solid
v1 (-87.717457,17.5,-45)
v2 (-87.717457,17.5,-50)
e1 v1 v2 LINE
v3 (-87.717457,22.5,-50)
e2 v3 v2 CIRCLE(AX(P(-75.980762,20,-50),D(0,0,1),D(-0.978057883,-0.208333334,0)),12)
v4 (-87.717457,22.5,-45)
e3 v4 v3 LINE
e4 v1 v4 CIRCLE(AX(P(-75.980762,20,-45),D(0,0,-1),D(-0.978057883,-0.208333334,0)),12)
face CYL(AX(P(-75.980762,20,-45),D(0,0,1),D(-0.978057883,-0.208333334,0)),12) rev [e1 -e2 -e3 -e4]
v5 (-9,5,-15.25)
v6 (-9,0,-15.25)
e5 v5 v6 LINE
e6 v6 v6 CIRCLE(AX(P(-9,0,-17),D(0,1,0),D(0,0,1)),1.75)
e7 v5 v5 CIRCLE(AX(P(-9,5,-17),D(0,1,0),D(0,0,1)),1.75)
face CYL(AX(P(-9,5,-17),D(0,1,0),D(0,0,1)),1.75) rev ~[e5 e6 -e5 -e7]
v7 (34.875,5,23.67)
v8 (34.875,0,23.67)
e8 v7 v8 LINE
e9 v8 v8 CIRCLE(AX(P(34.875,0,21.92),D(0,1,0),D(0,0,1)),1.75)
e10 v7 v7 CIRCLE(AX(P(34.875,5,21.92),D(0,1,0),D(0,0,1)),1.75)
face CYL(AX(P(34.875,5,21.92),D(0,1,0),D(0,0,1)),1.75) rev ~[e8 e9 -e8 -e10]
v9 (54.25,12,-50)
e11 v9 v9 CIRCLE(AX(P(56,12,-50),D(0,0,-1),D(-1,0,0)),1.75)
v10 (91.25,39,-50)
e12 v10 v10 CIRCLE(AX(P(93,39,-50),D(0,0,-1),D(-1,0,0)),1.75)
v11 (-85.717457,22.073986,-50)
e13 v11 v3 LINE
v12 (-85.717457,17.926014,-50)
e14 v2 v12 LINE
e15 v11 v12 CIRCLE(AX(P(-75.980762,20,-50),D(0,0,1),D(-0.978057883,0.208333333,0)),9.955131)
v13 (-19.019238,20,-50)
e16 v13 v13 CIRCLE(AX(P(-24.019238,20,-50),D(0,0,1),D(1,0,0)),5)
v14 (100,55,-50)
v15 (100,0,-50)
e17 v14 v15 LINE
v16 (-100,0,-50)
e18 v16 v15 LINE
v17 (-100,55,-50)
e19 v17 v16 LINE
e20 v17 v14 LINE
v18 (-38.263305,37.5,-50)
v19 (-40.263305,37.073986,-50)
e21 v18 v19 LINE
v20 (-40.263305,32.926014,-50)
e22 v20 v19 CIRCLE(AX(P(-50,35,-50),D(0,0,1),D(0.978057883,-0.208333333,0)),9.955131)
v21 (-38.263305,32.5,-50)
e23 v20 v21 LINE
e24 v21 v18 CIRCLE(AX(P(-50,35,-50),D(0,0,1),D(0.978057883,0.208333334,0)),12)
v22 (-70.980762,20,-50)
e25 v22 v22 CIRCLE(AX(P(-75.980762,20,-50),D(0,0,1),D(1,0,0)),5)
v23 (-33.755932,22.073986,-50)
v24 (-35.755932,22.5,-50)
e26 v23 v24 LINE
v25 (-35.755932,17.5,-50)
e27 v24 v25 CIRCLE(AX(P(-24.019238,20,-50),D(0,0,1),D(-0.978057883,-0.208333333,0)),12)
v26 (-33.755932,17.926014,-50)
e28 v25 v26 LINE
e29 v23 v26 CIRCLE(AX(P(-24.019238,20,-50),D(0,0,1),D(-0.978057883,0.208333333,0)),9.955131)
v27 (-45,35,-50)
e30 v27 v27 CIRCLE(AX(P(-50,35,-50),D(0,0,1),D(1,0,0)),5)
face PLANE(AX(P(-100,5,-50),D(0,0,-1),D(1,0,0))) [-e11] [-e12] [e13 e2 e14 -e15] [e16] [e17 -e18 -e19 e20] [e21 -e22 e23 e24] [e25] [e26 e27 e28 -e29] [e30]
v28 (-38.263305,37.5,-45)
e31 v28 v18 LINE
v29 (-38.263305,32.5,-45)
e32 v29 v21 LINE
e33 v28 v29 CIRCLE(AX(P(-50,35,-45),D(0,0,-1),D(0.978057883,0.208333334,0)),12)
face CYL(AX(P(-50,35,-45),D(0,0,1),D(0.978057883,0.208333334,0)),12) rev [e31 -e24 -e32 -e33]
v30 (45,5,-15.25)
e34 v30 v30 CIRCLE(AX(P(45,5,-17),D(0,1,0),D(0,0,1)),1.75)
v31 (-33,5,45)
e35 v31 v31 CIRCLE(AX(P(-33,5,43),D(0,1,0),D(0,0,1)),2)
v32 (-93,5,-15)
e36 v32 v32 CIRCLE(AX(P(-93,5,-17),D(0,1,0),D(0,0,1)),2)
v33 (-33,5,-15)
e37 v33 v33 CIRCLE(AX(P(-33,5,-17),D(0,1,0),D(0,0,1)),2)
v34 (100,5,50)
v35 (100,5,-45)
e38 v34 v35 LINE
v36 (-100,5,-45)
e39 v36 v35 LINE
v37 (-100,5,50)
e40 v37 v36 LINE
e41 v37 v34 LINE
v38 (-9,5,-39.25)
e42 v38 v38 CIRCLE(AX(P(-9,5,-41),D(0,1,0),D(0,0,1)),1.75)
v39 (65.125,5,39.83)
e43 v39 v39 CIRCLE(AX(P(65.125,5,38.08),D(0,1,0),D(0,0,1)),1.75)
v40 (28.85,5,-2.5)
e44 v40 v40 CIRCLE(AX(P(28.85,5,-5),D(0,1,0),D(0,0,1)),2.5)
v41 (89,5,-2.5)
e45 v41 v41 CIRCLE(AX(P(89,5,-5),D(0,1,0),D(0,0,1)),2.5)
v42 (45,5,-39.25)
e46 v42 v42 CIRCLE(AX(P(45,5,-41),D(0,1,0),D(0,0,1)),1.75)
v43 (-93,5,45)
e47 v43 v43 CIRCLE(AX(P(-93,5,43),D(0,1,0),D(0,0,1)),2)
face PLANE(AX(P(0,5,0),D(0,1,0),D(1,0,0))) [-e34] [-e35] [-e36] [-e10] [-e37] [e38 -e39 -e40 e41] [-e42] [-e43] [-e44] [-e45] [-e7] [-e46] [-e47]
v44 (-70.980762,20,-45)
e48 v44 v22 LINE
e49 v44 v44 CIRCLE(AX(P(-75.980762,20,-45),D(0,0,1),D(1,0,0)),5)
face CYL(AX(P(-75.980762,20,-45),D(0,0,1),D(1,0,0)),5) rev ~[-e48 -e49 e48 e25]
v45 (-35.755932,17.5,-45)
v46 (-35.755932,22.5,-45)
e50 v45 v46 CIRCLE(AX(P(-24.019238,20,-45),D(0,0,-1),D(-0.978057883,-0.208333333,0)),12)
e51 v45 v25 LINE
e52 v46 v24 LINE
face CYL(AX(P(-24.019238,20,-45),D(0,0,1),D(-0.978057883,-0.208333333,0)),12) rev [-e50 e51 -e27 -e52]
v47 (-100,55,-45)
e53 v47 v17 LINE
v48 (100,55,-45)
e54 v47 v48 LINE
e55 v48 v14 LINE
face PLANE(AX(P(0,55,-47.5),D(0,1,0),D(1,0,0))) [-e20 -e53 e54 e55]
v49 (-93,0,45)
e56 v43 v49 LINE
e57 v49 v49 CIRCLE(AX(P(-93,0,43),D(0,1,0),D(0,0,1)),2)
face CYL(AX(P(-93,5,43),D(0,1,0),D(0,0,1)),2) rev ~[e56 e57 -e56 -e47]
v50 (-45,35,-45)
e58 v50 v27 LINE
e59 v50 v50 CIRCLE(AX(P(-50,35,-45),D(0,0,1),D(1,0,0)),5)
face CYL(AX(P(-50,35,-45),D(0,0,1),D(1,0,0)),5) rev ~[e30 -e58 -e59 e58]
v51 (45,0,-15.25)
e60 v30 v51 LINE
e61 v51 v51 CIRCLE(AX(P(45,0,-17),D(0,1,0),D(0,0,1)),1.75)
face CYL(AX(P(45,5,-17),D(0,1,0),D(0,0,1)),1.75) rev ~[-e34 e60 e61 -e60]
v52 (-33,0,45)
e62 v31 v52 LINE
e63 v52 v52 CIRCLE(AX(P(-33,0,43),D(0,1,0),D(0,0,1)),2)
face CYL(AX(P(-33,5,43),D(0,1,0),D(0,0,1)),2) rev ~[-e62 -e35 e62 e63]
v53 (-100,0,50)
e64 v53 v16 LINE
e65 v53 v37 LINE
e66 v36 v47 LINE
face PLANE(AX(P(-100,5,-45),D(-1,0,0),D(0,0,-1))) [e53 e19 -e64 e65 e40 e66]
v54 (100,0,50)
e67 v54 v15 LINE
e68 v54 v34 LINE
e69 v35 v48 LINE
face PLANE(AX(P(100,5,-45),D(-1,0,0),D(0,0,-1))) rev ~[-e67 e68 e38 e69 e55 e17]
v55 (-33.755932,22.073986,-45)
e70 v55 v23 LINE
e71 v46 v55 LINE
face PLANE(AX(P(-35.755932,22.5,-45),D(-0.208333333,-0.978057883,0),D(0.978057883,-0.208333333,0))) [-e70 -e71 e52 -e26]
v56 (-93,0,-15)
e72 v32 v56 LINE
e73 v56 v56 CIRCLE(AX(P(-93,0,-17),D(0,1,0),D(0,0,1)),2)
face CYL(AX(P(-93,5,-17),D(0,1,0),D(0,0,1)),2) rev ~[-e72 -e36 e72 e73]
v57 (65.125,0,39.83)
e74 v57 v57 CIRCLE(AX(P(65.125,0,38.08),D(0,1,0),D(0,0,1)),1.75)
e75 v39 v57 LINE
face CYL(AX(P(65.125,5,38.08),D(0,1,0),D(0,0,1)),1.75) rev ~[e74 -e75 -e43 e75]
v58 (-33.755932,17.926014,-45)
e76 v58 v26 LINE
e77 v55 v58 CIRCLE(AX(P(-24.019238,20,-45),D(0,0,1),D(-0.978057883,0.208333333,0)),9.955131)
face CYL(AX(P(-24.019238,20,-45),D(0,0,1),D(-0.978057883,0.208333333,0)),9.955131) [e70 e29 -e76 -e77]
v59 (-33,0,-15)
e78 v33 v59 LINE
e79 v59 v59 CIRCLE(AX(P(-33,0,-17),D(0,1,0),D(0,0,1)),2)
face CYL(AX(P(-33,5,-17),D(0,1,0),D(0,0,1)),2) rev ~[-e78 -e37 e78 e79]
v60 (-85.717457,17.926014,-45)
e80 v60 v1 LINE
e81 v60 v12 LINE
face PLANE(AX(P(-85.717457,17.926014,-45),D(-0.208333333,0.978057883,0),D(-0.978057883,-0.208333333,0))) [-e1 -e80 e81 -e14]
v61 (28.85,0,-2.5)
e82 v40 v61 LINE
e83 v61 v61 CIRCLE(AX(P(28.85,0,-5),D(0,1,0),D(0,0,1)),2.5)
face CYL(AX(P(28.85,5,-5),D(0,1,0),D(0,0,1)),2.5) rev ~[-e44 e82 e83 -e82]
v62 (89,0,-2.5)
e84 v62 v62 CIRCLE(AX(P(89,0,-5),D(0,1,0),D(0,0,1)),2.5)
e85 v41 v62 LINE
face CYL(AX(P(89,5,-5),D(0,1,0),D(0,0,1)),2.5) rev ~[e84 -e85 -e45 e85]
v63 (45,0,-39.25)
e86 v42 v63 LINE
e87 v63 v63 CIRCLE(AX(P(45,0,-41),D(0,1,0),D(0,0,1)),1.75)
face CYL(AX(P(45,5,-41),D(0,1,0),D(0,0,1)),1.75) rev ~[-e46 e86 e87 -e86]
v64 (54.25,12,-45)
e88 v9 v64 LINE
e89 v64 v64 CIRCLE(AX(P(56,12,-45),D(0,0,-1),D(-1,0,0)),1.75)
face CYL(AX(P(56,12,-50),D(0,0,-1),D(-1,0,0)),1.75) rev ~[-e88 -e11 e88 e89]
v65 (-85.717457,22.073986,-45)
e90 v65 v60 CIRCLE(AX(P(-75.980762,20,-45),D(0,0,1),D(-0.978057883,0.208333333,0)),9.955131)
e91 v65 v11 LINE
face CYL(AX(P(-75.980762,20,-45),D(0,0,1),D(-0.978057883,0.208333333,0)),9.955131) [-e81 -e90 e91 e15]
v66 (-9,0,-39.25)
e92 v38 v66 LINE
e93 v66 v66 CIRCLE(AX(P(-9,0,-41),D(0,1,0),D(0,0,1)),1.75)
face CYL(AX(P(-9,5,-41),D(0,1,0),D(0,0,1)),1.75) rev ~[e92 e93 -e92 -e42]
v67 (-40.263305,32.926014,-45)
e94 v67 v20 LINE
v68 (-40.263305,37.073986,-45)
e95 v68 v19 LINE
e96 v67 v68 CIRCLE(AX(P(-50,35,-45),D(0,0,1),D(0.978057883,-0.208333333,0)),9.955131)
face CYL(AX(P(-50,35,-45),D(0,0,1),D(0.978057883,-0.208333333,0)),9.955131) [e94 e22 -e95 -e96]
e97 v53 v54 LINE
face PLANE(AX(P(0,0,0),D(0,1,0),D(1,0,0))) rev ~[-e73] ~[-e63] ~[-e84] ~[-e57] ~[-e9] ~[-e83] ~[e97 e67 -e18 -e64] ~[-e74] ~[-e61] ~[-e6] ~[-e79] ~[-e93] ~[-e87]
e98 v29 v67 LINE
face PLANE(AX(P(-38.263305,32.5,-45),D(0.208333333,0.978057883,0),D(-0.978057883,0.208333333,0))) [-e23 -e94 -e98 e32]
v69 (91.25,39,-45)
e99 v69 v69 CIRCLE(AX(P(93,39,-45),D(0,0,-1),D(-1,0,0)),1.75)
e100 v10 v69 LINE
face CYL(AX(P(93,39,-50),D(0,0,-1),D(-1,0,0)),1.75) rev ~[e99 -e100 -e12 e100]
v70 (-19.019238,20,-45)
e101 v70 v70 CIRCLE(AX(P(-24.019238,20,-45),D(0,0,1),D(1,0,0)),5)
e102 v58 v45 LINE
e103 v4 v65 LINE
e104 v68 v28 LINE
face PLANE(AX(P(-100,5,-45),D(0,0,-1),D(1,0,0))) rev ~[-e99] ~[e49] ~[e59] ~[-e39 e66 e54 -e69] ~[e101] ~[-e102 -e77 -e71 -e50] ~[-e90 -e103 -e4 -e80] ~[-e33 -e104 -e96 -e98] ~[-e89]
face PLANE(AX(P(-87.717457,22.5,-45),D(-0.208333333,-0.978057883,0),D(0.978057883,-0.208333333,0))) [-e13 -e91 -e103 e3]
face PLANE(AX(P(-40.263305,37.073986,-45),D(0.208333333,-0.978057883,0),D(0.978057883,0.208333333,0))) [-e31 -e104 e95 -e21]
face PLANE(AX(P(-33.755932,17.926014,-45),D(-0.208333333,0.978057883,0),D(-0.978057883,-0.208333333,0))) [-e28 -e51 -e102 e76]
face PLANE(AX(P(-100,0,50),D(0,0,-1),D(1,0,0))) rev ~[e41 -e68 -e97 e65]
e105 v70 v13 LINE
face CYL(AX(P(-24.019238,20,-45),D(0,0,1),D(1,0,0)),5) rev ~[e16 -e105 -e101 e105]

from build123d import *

# Parameters (mm, degrees)
SKETCH1_W           = 200
SKETCH1_H           = 100
BOSS_EXTRUDE1_DEPTH = 5
SKETCH2_W           = 200
SKETCH2_H           = 5
BOSS_EXTRUDE2_DEPTH = 50
SKETCH3_R           = 1.75
CUT_EXTRUDE1_DEPTH  = 50
SKETCH4_R           = 2.5
CUT_EXTRUDE2_DEPTH  = 123.474487139
SKETCH7_R           = 2
CUT_EXTRUDE3_DEPTH  = 123.474487139
SKETCH8_R           = 1.75
CUT_EXTRUDE4_DEPTH  = 123.474487139
SKETCH11_R          = 5
CUT_EXTRUDE6_DEPTH  = 149.492424049
SKETCH12_R          = 1.75
CUT_EXTRUDE7_DEPTH  = 123.474487139


with BuildPart() as part:
    # Sketch1 → Boss-Extrude1 (new body)
    with BuildSketch(Plane(origin=(0, 0, 0), x_dir=(1, 0, 0), z_dir=(0, 1, 0))):
        Rectangle(SKETCH1_W, SKETCH1_H)
    extrude(amount=BOSS_EXTRUDE1_DEPTH)

    # Sketch2 → Boss-Extrude2 (add)
    with BuildSketch(Plane(origin=(0, 5, 0), x_dir=(1, 0, 0), z_dir=(0, 1, 0))):
        with Locations((0, 47.5)):
            Rectangle(SKETCH2_W, SKETCH2_H)
    extrude(amount=BOSS_EXTRUDE2_DEPTH)

    # Sketch3 → Cut-Extrude1 (cut)
    with BuildSketch(Plane(origin=(0, 0, -50), x_dir=(-1, 0, 0), z_dir=(0, 0, -1))):
        with Locations((-93, 39)):
            Circle(SKETCH3_R)
        with Locations((-56, 12)):
            Circle(SKETCH3_R)
    extrude(amount=-CUT_EXTRUDE1_DEPTH, mode=Mode.SUBTRACT)

    # Sketch4 → Cut-Extrude2 (cut, through all)
    with BuildSketch(Plane(origin=(0, 5, 0), x_dir=(1, 0, 0), z_dir=(0, 1, 0))):
        with Locations(Location((28.85, 5, 0), (0, 0, 270))):
            Circle(SKETCH4_R)
        with Locations(Location((89, 5, 0), (0, 0, 270))):
            Circle(SKETCH4_R)
    extrude(amount=-CUT_EXTRUDE2_DEPTH, mode=Mode.SUBTRACT)

    # Sketch7 → Cut-Extrude3 (cut, through all)
    with BuildSketch(Plane(origin=(0, 5, 0), x_dir=(1, 0, 0), z_dir=(0, 1, 0))):
        with Locations(Location((-93, 17, 0), (0, 0, 270))):
            Circle(SKETCH7_R)
        with Locations(Location((-33, 17, 0), (0, 0, 270))):
            Circle(SKETCH7_R)
        with Locations(Location((-33, -43, 0), (0, 0, 270))):
            Circle(SKETCH7_R)
        with Locations(Location((-93, -43, 0), (0, 0, 270))):
            Circle(SKETCH7_R)
    extrude(amount=-CUT_EXTRUDE3_DEPTH, mode=Mode.SUBTRACT)

    # Sketch8 → Cut-Extrude4 (cut, through all)
    with BuildSketch(Plane(origin=(0, 5, 0), x_dir=(1, 0, 0), z_dir=(0, 1, 0))):
        with Locations(Location((65.125, -38.08, 0), (0, 0, 270))):
            Circle(SKETCH8_R)
        with Locations(Location((34.875, -21.92, 0), (0, 0, 270))):
            Circle(SKETCH8_R)
    extrude(amount=-CUT_EXTRUDE4_DEPTH, mode=Mode.SUBTRACT)

    # Sketch11 → Cut-Extrude6 (cut, through all)
    with BuildSketch(Plane.XY.offset(-45)):
        with Locations((-75.980762114, 20)):
            Circle(SKETCH11_R)
        with Locations((-50, 35)):
            Circle(SKETCH11_R)
        with Locations((-24.019237886, 20)):
            Circle(SKETCH11_R)
        with BuildLine():
            Line((-87.717456708, 22.5), (-85.717456708, 22.073985677))
            ThreePointArc((-85.717456708, 22.073985677), (-85.935893364, 20), (-85.717456708, 17.926014323))
            Line((-85.717456708, 17.926014323), (-87.717456708, 17.5))
            ThreePointArc((-87.717456708, 17.5), (-87.980762114, 20), (-87.717456708, 22.5))
        make_face()
        with BuildLine():
            Line((-40.263305406, 37.073985677), (-38.263305406, 37.5))
            ThreePointArc((-38.263305406, 37.5), (-38, 35), (-38.263305406, 32.5))
            Line((-38.263305406, 32.5), (-40.263305406, 32.926014323))
            ThreePointArc((-40.263305406, 32.926014323), (-40.04486875, 35), (-40.263305406, 37.073985677))
        make_face()
        with BuildLine():
            Line((-35.755932481, 22.5), (-33.755932481, 22.073985677))
            ThreePointArc((-33.755932481, 22.073985677), (-33.974369137, 20), (-33.755932481, 17.926014323))
            Line((-33.755932481, 17.926014323), (-35.755932481, 17.5))
            ThreePointArc((-35.755932481, 17.5), (-36.019237886, 20), (-35.755932481, 22.5))
        make_face()
    extrude(amount=-CUT_EXTRUDE6_DEPTH, mode=Mode.SUBTRACT)

    # Sketch12 → Cut-Extrude7 (cut, through all)
    with BuildSketch(Plane(origin=(0, 5, 0), x_dir=(1, 0, 0), z_dir=(0, 1, 0))):
        with Locations(Location((-9, 41, 0), (0, 0, 270))):
            Circle(SKETCH12_R)
        with Locations(Location((45, 41, 0), (0, 0, 270))):
            Circle(SKETCH12_R)
        with Locations(Location((-9, 17, 0), (0, 0, 270))):
            Circle(SKETCH12_R)
        with Locations(Location((45, 17, 0), (0, 0, 270))):
            Circle(SKETCH12_R)
    extrude(amount=-CUT_EXTRUDE7_DEPTH, mode=Mode.SUBTRACT)


solid = part.part
